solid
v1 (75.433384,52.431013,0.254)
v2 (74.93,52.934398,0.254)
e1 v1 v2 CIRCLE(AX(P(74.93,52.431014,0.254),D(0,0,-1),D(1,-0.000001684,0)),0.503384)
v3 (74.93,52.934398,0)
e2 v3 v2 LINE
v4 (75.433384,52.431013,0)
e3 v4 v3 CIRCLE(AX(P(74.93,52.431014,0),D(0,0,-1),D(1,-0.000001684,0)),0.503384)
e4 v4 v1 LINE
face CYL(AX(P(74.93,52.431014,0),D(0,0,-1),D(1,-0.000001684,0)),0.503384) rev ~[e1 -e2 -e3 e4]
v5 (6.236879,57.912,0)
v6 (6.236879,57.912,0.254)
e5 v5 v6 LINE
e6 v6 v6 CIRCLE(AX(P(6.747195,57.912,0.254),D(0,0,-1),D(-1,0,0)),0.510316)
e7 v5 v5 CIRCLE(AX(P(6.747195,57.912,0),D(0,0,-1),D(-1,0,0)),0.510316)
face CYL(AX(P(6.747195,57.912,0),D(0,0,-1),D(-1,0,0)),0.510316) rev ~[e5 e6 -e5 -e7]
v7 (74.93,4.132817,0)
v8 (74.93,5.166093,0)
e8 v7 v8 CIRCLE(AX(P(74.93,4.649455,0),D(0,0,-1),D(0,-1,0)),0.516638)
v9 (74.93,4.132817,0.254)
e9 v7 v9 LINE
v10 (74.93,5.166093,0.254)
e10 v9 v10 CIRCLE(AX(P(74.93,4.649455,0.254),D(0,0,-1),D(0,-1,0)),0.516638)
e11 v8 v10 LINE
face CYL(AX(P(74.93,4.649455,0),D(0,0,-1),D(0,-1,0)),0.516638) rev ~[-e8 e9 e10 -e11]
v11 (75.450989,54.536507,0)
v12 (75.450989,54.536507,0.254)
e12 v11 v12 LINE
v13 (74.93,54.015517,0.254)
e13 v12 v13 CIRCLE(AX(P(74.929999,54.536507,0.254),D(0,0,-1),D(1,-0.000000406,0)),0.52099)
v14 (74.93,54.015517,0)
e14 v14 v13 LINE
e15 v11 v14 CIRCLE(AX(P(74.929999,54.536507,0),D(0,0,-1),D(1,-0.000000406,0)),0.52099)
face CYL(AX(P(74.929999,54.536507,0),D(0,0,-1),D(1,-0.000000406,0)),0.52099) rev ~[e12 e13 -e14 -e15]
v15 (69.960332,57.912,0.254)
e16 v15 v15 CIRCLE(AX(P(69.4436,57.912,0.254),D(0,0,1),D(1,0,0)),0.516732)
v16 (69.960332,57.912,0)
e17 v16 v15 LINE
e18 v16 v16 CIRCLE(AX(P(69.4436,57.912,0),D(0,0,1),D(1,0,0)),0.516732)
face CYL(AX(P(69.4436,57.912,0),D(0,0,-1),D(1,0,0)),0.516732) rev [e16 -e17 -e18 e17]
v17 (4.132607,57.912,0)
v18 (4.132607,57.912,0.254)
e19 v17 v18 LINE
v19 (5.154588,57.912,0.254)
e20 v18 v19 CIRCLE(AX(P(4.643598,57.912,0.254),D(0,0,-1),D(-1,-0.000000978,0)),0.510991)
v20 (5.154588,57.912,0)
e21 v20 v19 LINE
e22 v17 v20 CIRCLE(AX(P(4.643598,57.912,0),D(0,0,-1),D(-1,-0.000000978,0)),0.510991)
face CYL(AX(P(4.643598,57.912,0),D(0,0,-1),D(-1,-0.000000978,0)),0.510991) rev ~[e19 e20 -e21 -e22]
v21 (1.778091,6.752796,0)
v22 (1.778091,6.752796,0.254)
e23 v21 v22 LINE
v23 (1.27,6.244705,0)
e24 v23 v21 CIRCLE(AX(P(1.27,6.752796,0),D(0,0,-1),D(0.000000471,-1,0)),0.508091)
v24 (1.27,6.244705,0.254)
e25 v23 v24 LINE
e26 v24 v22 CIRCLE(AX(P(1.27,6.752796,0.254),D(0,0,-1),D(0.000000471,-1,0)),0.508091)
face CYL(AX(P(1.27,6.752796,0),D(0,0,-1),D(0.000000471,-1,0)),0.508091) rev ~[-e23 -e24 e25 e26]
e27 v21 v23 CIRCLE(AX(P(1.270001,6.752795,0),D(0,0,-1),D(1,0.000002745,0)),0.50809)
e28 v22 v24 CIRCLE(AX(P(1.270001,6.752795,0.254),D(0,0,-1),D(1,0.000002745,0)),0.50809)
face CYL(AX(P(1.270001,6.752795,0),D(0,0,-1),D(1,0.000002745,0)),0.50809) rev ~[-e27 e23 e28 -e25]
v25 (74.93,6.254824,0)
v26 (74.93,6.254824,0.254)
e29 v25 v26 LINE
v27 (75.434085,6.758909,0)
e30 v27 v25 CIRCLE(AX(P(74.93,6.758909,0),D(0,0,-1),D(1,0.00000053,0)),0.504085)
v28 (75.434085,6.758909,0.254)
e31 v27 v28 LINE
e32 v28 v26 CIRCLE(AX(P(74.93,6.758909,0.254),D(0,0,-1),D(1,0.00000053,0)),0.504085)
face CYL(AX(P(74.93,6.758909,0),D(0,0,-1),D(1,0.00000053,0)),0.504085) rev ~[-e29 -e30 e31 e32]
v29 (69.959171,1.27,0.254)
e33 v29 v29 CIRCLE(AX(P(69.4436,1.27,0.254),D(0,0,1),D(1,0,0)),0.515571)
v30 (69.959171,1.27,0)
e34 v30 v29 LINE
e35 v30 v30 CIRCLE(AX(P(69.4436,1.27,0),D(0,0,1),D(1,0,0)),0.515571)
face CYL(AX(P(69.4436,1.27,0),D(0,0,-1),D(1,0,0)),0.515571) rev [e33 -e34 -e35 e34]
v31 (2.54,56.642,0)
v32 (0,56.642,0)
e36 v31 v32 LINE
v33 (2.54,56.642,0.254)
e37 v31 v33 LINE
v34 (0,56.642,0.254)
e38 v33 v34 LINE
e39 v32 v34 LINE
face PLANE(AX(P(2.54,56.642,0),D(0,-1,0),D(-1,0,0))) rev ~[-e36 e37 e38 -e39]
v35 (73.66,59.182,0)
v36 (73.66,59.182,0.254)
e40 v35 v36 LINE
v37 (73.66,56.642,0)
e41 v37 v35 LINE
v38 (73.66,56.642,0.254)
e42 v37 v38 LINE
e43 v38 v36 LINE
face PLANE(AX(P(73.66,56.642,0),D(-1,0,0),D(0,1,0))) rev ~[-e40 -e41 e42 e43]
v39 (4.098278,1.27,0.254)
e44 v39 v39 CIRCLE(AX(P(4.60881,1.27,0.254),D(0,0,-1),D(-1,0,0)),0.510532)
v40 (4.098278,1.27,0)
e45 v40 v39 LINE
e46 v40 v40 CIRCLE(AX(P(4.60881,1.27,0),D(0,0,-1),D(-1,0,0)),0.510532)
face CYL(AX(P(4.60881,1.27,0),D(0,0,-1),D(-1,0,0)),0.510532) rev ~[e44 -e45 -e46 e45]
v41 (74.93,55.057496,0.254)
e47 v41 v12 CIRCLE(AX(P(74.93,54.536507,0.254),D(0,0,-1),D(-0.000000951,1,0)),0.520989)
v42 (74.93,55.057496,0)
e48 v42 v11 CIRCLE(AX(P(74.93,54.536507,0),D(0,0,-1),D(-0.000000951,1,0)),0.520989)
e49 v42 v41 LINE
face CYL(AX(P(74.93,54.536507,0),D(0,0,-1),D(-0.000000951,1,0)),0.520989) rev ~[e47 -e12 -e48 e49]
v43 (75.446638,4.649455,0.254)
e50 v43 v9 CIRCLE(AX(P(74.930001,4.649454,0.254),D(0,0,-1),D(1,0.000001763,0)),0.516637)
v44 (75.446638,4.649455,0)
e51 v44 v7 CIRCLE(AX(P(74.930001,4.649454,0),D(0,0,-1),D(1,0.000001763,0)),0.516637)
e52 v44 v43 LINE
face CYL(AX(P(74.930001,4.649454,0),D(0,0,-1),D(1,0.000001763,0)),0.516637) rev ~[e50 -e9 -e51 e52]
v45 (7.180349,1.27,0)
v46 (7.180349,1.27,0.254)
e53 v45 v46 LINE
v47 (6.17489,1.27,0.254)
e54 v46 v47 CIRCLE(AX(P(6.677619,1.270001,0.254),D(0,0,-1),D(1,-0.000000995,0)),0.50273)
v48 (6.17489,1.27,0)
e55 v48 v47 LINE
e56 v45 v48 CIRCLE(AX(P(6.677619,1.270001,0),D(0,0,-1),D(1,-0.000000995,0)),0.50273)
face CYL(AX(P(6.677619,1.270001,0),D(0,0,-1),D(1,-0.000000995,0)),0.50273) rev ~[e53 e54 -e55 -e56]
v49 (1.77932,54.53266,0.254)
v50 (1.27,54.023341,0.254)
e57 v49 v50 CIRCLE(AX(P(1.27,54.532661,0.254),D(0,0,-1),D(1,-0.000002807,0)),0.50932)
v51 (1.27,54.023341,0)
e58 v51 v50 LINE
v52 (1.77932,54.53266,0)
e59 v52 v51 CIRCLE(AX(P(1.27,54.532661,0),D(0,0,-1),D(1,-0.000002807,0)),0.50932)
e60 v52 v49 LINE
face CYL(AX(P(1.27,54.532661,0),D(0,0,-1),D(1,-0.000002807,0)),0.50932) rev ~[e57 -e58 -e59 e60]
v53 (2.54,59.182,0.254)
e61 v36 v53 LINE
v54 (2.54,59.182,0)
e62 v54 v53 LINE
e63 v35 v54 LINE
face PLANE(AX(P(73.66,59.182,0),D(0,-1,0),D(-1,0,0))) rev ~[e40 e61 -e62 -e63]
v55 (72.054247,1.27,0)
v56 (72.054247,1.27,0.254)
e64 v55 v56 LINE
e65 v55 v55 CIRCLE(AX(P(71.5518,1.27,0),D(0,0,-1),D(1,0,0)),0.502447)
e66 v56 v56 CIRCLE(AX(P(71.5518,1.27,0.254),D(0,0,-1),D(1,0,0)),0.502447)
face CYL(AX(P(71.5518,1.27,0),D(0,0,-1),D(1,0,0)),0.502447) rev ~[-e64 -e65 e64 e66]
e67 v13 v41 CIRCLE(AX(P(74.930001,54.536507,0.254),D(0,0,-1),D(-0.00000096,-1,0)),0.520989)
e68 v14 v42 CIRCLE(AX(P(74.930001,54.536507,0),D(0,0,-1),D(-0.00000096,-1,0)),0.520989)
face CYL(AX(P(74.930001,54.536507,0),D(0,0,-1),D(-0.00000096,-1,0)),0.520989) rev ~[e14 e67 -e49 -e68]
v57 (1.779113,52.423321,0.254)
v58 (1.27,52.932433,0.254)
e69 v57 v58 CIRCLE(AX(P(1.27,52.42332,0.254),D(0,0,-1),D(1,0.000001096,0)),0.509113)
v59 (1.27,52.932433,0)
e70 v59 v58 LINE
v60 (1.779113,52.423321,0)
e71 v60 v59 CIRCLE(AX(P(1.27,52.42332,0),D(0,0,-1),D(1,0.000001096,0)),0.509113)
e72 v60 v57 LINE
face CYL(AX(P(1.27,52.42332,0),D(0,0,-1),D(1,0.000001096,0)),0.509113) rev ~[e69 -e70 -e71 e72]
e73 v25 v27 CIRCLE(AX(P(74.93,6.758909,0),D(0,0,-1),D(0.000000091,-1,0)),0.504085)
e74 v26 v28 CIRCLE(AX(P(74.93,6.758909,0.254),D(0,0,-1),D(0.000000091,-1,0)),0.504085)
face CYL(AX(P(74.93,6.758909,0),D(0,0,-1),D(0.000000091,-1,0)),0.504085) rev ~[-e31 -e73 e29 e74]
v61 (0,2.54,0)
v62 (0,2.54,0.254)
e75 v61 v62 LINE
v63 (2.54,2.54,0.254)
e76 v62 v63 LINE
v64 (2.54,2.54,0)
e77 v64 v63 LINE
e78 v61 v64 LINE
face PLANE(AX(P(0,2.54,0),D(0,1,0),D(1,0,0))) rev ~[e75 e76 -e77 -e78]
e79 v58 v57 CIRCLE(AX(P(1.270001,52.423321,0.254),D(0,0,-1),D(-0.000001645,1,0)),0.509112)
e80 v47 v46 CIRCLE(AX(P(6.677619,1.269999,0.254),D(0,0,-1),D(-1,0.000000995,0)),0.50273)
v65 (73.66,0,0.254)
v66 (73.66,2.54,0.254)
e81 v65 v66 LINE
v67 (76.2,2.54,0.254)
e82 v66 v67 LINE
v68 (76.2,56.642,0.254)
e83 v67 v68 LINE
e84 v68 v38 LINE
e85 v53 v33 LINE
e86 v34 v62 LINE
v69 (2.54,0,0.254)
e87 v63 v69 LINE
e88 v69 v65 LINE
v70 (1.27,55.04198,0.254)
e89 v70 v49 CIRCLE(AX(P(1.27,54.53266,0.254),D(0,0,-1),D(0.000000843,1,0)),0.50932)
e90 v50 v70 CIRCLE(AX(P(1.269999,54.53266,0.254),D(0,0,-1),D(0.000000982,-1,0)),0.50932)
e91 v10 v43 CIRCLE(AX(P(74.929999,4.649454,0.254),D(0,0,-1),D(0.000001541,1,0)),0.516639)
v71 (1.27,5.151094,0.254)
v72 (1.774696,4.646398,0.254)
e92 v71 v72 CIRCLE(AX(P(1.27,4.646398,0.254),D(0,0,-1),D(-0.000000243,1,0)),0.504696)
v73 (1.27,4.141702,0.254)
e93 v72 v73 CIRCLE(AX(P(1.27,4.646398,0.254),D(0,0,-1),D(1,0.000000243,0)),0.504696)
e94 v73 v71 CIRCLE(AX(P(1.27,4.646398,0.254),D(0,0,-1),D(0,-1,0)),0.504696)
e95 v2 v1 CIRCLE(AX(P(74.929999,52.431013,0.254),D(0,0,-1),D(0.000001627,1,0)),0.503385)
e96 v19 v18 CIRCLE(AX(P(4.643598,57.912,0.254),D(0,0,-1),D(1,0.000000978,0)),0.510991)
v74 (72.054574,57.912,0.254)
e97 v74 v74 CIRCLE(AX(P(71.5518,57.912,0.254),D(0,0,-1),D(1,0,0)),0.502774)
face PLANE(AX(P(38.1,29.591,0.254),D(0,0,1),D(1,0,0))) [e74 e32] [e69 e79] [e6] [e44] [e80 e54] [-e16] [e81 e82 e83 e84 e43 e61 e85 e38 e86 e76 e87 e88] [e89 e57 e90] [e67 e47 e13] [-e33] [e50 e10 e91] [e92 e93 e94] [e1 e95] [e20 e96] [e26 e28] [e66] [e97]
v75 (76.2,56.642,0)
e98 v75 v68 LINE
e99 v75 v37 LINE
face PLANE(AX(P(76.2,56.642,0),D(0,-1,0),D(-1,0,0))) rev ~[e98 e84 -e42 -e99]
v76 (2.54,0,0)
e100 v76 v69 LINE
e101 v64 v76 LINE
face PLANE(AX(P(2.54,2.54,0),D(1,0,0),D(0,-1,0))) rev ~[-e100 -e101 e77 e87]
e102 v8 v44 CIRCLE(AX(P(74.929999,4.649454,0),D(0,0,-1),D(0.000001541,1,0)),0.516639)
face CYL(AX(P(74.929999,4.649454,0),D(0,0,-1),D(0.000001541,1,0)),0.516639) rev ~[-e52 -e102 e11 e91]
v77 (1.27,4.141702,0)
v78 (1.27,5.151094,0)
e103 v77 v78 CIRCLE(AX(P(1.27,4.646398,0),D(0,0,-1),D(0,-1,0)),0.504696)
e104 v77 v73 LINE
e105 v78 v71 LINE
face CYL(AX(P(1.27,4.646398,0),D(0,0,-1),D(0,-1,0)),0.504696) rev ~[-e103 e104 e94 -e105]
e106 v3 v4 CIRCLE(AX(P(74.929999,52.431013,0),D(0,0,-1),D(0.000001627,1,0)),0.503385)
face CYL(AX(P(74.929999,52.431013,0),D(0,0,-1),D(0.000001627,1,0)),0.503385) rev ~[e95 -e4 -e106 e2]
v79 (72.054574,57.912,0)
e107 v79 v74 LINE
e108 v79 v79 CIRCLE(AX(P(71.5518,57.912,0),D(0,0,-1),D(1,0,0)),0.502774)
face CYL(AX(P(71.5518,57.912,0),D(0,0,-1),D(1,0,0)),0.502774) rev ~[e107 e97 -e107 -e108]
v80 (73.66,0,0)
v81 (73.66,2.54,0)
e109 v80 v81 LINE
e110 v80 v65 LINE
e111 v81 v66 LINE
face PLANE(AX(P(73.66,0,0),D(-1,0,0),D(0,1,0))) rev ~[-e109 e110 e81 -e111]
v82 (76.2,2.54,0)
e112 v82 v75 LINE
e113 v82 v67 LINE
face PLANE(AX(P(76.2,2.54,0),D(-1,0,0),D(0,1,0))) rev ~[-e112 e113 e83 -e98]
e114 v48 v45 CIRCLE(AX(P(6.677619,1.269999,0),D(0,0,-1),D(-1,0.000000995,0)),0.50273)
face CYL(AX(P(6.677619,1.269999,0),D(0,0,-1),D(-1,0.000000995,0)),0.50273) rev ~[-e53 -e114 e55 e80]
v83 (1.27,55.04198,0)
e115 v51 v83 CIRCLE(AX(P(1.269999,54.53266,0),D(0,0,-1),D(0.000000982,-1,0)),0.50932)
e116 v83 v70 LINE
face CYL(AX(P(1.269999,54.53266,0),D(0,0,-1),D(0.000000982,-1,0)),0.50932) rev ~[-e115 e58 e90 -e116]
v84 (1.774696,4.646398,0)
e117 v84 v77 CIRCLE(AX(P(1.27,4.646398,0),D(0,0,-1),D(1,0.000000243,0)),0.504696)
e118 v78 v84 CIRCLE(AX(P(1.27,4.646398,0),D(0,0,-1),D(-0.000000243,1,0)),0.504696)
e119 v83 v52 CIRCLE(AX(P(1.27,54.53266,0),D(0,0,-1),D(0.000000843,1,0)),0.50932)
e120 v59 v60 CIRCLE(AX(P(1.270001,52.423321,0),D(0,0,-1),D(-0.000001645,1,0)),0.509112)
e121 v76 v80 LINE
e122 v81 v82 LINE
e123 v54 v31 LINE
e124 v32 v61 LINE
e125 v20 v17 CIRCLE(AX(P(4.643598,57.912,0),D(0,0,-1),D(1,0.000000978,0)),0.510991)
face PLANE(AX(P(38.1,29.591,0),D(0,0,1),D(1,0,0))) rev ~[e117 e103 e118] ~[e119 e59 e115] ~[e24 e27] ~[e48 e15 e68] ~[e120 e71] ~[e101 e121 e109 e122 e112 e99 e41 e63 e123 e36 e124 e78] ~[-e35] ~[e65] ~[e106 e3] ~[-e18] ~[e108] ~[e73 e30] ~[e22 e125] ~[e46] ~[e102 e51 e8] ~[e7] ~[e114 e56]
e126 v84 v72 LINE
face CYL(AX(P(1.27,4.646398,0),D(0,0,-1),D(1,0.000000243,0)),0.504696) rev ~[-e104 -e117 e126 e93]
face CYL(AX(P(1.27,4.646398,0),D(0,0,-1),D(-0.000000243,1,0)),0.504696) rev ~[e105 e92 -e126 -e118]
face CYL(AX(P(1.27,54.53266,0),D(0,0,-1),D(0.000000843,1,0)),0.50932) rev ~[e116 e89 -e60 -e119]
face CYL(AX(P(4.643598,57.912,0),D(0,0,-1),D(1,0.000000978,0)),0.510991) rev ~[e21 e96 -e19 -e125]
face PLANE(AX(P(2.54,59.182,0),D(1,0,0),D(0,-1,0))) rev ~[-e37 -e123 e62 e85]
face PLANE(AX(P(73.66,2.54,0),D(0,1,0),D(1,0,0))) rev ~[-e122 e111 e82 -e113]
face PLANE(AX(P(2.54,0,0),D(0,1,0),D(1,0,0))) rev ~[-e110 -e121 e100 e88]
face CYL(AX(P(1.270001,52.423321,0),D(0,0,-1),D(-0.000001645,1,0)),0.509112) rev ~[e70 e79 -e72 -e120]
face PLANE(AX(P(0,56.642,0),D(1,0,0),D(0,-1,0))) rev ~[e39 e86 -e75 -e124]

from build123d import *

# Parameters (mm, degrees)
F0_R     = 0.515571
F0_R_2   = 0.516732
F1_DEPTH = 0.254


with BuildPart() as f1:
    # F0 (on Top) → F1 (new body)
    with BuildSketch(Plane.XY):
        Polygon((2.54, 1.27), (2.54, 0), (73.66, 0), (73.66, 1.27), (73.66, 2.54), (74.93, 2.54), (76.2, 2.54), (76.2, 56.642), (74.93, 56.642), (73.66, 56.642), (73.66, 57.912), (73.66, 59.182), (2.54, 59.182), (2.54, 57.912), (2.54, 56.642), (1.27, 56.642), (0, 56.642), (0, 2.54), (1.27, 2.54), (2.54, 2.54), align=None)
        with BuildLine():
            ThreePointArc((5.119342, 1.27), (4.60881, 0.759468), (4.098278, 1.27))
            ThreePointArc((4.098278, 1.27), (4.60881, 1.780532), (5.119342, 1.27))
        make_face(mode=Mode.SUBTRACT)
        with BuildLine():
            ThreePointArc((7.180349, 1.27), (6.67762, 0.767271), (6.17489, 1.27))
            ThreePointArc((6.17489, 1.27), (6.67762, 1.772729), (7.180349, 1.27))
        make_face(mode=Mode.SUBTRACT)
        with BuildLine():
            ThreePointArc((1.774696, 4.646398), (1.626874, 4.289524), (1.27, 4.141702))
            ThreePointArc((1.27, 4.141702), (0.765304, 4.646398), (1.27, 5.151094))
            ThreePointArc((1.27, 5.151094), (1.626874, 5.003272), (1.774696, 4.646398))
        make_face(mode=Mode.SUBTRACT)
        with BuildLine():
            ThreePointArc((1.778091, 6.752796), (1.629275, 6.393521), (1.27, 6.244705))
            ThreePointArc((1.27, 6.244705), (0.910725, 7.112071), (1.778091, 6.752796))
        make_face(mode=Mode.SUBTRACT)
        with Locations((69.4436, 1.27)):
            Circle(F0_R, mode=Mode.SUBTRACT)
        with BuildLine():
            ThreePointArc((71.049353, 1.27), (71.5518, 1.772447), (72.054247, 1.27))
            ThreePointArc((72.054247, 1.27), (71.5518, 0.767553), (71.049353, 1.27))
        make_face(mode=Mode.SUBTRACT)
        with BuildLine():
            ThreePointArc((75.446638, 4.649455), (75.295318, 4.284136), (74.93, 4.132817))
            ThreePointArc((74.93, 4.132817), (74.413362, 4.649455), (74.93, 5.166093))
            ThreePointArc((74.93, 5.166093), (75.295318, 5.014773), (75.446638, 4.649455))
        make_face(mode=Mode.SUBTRACT)
        with BuildLine():
            ThreePointArc((75.434085, 6.758909), (75.286442, 6.402467), (74.93, 6.254824))
            ThreePointArc((74.93, 6.254824), (74.573558, 7.115351), (75.434085, 6.758909))
        make_face(mode=Mode.SUBTRACT)
        with BuildLine():
            ThreePointArc((1.779113, 52.423321), (0.910003, 52.063324), (1.27, 52.932433))
            ThreePointArc((1.27, 52.932433), (1.629997, 52.783318), (1.779113, 52.423321))
        make_face(mode=Mode.SUBTRACT)
        with BuildLine():
            ThreePointArc((1.27, 54.023341), (0.76068, 54.53266), (1.27, 55.04198))
            ThreePointArc((1.27, 55.04198), (1.630143, 54.892804), (1.77932, 54.53266))
            ThreePointArc((1.77932, 54.53266), (1.630143, 54.172517), (1.27, 54.023341))
        make_face(mode=Mode.SUBTRACT)
        with BuildLine():
            ThreePointArc((5.154588, 57.912), (4.643598, 57.401009), (4.132607, 57.912))
            ThreePointArc((4.132607, 57.912), (4.643598, 58.422991), (5.154588, 57.912))
        make_face(mode=Mode.SUBTRACT)
        with BuildLine():
            ThreePointArc((7.257511, 57.912), (6.747195, 57.401684), (6.236879, 57.912))
            ThreePointArc((6.236879, 57.912), (6.747195, 58.422316), (7.257511, 57.912))
        make_face(mode=Mode.SUBTRACT)
        with BuildLine():
            ThreePointArc((75.433384, 52.431013), (74.574054, 52.075067), (74.93, 52.934398))
            ThreePointArc((74.93, 52.934398), (75.285946, 52.78696), (75.433384, 52.431013))
        make_face(mode=Mode.SUBTRACT)
        with BuildLine():
            ThreePointArc((74.93, 54.015517), (74.409011, 54.536507), (74.93, 55.057496))
            ThreePointArc((74.93, 55.057496), (75.298395, 54.904902), (75.450989, 54.536507))
            ThreePointArc((75.450989, 54.536507), (75.298395, 54.168112), (74.93, 54.015517))
        make_face(mode=Mode.SUBTRACT)
        with Locations((69.4436, 57.912)):
            Circle(F0_R_2, mode=Mode.SUBTRACT)
        with BuildLine():
            ThreePointArc((71.049026, 57.912), (71.5518, 58.414774), (72.054574, 57.912))
            ThreePointArc((72.054574, 57.912), (71.5518, 57.409226), (71.049026, 57.912))
        make_face(mode=Mode.SUBTRACT)
    extrude(amount=F1_DEPTH)


solid = f1.part
